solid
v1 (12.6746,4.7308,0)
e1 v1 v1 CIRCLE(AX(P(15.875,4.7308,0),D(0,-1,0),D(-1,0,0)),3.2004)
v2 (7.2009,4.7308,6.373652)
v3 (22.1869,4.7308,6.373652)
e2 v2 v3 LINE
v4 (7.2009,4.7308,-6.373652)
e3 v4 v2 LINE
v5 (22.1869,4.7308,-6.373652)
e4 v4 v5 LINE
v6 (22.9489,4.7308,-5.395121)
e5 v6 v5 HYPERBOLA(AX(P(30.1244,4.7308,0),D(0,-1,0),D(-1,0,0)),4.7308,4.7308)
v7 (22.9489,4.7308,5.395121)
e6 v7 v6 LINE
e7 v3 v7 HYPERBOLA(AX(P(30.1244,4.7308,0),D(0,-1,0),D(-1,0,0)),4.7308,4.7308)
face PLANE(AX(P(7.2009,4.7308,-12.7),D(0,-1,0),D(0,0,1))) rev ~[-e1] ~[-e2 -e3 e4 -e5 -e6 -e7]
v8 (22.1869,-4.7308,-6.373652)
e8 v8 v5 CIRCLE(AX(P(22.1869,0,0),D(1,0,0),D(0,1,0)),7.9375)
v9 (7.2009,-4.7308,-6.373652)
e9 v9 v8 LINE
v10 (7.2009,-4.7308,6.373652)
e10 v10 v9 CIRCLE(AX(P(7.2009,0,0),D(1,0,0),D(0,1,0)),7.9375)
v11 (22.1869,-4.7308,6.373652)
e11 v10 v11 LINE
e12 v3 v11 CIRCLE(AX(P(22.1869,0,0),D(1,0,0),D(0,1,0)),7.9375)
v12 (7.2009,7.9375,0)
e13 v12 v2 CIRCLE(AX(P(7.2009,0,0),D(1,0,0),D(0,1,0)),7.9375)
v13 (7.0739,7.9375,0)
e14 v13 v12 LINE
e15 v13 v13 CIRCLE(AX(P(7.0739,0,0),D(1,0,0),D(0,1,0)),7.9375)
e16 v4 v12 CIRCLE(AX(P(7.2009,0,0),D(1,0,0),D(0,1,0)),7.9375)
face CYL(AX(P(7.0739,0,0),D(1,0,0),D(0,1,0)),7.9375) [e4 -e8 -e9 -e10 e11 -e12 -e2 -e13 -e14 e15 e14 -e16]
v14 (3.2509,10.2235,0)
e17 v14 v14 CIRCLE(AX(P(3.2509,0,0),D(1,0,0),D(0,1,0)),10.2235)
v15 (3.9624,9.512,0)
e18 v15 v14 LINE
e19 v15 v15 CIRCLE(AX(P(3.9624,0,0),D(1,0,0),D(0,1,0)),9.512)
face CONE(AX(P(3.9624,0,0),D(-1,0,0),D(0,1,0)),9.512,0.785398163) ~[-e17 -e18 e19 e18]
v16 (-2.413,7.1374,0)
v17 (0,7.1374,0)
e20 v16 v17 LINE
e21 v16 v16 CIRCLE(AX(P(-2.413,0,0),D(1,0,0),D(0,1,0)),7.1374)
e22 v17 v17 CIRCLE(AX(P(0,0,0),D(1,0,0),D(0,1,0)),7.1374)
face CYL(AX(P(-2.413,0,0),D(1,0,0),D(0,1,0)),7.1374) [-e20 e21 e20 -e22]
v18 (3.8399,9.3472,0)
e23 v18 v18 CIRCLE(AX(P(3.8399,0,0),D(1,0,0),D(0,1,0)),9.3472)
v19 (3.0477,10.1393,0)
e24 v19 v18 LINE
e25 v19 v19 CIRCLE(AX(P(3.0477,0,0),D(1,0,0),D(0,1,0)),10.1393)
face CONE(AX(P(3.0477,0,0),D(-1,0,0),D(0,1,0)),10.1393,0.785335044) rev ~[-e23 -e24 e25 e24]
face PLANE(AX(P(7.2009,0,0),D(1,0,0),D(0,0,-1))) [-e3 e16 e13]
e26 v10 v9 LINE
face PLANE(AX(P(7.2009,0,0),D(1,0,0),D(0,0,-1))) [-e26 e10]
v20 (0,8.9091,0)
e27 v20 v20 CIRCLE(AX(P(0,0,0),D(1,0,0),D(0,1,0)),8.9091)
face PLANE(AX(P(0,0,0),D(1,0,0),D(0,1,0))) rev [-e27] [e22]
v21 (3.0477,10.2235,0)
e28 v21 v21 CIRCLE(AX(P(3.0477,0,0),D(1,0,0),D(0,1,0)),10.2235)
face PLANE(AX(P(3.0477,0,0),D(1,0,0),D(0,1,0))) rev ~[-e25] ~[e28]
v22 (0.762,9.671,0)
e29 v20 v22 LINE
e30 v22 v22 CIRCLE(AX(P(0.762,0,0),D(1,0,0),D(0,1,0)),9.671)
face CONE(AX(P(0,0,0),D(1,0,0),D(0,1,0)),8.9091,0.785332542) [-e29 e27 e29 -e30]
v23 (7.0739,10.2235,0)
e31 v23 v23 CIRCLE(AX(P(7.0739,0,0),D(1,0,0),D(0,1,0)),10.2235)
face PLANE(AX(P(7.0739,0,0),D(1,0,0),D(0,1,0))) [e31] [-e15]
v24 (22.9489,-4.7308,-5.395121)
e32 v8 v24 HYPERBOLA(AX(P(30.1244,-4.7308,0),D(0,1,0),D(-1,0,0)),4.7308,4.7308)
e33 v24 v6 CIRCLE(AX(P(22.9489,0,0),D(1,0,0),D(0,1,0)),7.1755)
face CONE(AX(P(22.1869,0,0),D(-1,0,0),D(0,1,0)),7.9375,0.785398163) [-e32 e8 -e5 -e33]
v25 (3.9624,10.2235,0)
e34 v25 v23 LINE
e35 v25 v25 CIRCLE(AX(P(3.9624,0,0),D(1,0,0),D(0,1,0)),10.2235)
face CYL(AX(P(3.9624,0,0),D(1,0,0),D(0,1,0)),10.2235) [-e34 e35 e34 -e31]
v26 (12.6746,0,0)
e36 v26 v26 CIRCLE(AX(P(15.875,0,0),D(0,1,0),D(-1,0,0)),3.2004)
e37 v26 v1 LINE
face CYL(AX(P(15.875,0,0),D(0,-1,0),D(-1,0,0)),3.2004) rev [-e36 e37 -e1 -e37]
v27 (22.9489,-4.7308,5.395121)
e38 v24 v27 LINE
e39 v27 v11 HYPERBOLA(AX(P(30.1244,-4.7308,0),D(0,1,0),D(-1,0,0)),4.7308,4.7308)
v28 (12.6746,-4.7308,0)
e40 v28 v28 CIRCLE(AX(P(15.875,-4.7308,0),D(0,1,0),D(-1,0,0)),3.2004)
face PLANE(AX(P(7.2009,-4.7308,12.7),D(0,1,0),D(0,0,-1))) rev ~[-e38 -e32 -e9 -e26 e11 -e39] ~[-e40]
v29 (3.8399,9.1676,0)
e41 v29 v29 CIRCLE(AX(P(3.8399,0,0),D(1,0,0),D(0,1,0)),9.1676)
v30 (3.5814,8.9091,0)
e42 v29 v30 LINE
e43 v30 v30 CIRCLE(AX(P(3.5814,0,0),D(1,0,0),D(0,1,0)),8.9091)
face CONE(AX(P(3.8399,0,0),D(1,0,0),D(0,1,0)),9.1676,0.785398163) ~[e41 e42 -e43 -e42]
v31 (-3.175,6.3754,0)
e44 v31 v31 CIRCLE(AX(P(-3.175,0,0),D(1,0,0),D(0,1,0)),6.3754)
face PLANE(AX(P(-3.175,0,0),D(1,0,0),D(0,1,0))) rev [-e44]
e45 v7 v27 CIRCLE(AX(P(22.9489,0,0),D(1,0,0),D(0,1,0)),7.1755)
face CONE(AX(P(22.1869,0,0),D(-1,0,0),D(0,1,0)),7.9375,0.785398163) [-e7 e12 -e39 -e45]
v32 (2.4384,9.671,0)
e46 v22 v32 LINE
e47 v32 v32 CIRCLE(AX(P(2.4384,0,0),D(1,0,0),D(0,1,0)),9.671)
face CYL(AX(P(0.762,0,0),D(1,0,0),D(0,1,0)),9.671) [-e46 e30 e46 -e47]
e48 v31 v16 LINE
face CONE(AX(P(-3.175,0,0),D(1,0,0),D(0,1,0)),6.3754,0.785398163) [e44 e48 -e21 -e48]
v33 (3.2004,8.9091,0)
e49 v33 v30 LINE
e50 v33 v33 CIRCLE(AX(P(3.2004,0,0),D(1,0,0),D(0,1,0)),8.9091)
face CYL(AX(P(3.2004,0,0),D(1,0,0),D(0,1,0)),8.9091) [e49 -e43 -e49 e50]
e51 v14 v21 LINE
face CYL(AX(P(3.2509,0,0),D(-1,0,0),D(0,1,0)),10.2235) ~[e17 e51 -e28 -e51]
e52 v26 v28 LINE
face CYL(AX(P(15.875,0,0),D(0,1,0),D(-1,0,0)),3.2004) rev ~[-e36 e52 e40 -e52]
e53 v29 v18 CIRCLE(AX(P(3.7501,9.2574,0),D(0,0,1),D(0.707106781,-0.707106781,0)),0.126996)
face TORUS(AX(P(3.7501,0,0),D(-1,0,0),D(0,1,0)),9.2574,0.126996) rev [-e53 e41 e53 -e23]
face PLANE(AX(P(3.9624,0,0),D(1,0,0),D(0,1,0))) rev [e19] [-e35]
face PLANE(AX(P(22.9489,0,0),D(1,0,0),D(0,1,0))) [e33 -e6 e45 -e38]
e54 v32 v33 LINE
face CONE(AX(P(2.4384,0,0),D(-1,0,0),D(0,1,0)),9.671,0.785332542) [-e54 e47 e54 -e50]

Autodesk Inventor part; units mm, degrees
sketch "Sketch_1" plane through (0, 0, 0) normal (0, 0, 1) x (1, 0, 0)
  line L0 (7.0739, 0) -> (0, 0)
  line L1 (0, 0) -> (0, 8.9091)
  line L2 (0, 8.9091) -> (0.762, 9.671)
  line L3 (0.762, 9.671) -> (2.4384, 9.671)
  line L4 (2.4384, 9.671) -> (3.2004, 8.9091)
  line L5 (3.2004, 8.9091) -> (3.9624, 8.9091)
  line L6 (3.9624, 8.9091) -> (3.9624, 10.2235)
  line L7 (3.9624, 10.2235) -> (7.0739, 10.2235)
  line L8 (7.0739, 10.2235) -> (7.0739, 0)
  line L9 (7.0739, 0) -> (0, 0)
revolve "Revolution1" add sketch "Sketch_1" angle 360 about axis through (7.0739, 0, 0) along (1, 0, 0)
sketch "Sketch_24" plane through (0, 0, 0) normal (0, 0, 1) x (1, 0, 0)
  line L0 (3.9624, 0) -> (3.2004, 0)
  line L1 (3.0477, 10.2235) -> (3.0477, 10.1393)
  line L2 (3.0477, 10.1393) -> (3.8399, 9.3472)
  arc A0 (3.8399, 9.1676) -> (3.8399, 9.3472) centre (3.7501, 9.2574) ccw
  line L3 (3.8399, 9.1676) -> (3.5814, 8.9091)
  line L4 (3.5814, 8.9091) -> (3.2004, 8.9091)
  line L5 (3.2004, 8.9091) -> (3.2004, 8.655)
  line L6 (3.2004, 8.655) -> (3.9624, 8.655)
  line L7 (3.9624, 8.655) -> (3.9624, 9.512)
  line L8 (3.9624, 9.512) -> (3.2509, 10.2235)
  line L9 (3.2509, 10.2235) -> (3.0477, 10.2235)
revolve "Revolution2" add sketch "Sketch_24" angle 360 about axis through (3.9624, 0, 0) along (1, 0, 0)
sketch "Sketch_26" plane through (0, 0, 0) normal (0, 0, 1) x (1, 0, 0)
  line L0 (0, 0) -> (-3.175, 0)
  line L1 (-3.175, 0) -> (-3.175, 6.3754)
  line L2 (-3.175, 6.3754) -> (-2.413, 7.1374)
  line L3 (-2.413, 7.1374) -> (0, 7.1374)
  line L4 (0, 7.1374) -> (0, 0)
  line L5 (0, 0) -> (-3.175, 0)
revolve "Revolution3" add sketch "Sketch_26" angle 360 about axis through (0, 0, 0) along (1, 0, 0)
sketch "Sketch_27" plane through (0, 0, 0) normal (0, 0, 1) x (1, 0, 0)
  line L0 (22.9489, 0) -> (7.0739, 0)
  line L1 (7.0739, 0) -> (7.0739, 7.9375)
  line L2 (7.0739, 7.9375) -> (22.1869, 7.9375)
  line L3 (22.1869, 7.9375) -> (22.9489, 7.1755)
  line L4 (22.9489, 7.1755) -> (22.9489, 0)
  line L5 (22.9489, 0) -> (7.0739, 0)
revolve "Revolution4" add sketch "Sketch_27" angle 360 about axis through (22.9489, 0, 0) along (1, 0, 0)
sketch "Sketch_28" plane through (7.2009, 0, 0) normal (1, 0, 0) x (0, 0, -1)
  line L0 (-15.875, 15.875) -> (-15.875, -15.875)
  line L1 (-15.875, -15.875) -> (15.875, -15.875)
  line L2 (15.875, -15.875) -> (15.875, 15.875)
  line L3 (15.875, 15.875) -> (-15.875, 15.875)
  line L4 (-12.7, 4.7308) -> (-12.7, -4.7308)
  line L5 (-12.7, -4.7308) -> (12.7, -4.7308)
  line L6 (12.7, -4.7308) -> (12.7, 4.7308)
  line L7 (12.7, 4.7308) -> (-12.7, 4.7308)
extrude "Extrusion1" cut sketch "Sketch_28" along normal blind 15.875
sketch "Sketch_29" plane through (0, 0, 0) normal (0, 1, 0) x (-1, 0, 0)
  circle A0 centre (-15.875, 0) radius 3.2004
extrude "Extrusion2" cut sketch "Sketch_29" along normal mid plane 18.923
ref_plane "1_XY" through (7.0739, 0, 0) normal (1, 0, 0) x (0, 0, -1)
ref_plane "1_YZ" through (7.0739, 0, 0) normal (0, 0, -1) x (0, 1, 0)
ref_plane "1_ZX" through (7.0739, 0, 0) normal (0, 1, 0) x (1, 0, 0)
ref_plane "lovra_XY" through (7.0739, 0, 0) normal (1, 0, 0) x (0, 1, 0)
ref_plane "lovra_YZ" through (7.0739, 0, 0) normal (0, 1, 0) x (0, 0, 1)
ref_plane "lovra_ZX" through (7.0739, 0, 0) normal (0, 0, 1) x (1, 0, 0)
ref_plane "lovra1_XY" through (2.2987, 0, 0) normal (1, 0, 0) x (0, 0, -1)
ref_plane "lovra1_YZ" through (2.2987, 0, 0) normal (0, 0, -1) x (0, 1, 0)
ref_plane "lovra1_ZX" through (2.2987, 0, 0) normal (0, 1, 0) x (1, 0, 0)
ref_plane "lovra2_XY" through (2.2987, 7.874, 0) normal (1, 0, 0) x (0, 0, -1)
ref_plane "lovra2_YZ" through (2.2987, 7.874, 0) normal (0, 0, -1) x (0, 1, 0)
ref_plane "lovra2_ZX" through (2.2987, 7.874, 0) normal (0, 1, 0) x (1, 0, 0)
ref_plane "lovra21_XY" through (0, 0, 5.2705) normal (1, 0, 0) x (0, 0, -1)
ref_plane "lovra21_YZ" through (0, 0, 5.2705) normal (0, 0, -1) x (0, 1, 0)
ref_plane "lovra21_ZX" through (0, 0, 5.2705) normal (0, 1, 0) x (1, 0, 0)
ref_plane "lovra22_XY" through (0, 0, -5.2705) normal (1, 0, 0) x (0, 0, -1)
ref_plane "lovra22_YZ" through (0, 0, -5.2705) normal (0, 0, -1) x (0, 1, 0)
ref_plane "lovra22_ZX" through (0, 0, -5.2705) normal (0, 1, 0) x (1, 0, 0)
ref_plane "lovra3_XY" through (2.2987, -7.874, 0) normal (1, 0, 0) x (0, 0, -1)
ref_plane "lovra3_YZ" through (2.2987, -7.874, 0) normal (0, 0, -1) x (0, 1, 0)
ref_plane "lovra3_ZX" through (2.2987, -7.874, 0) normal (0, 1, 0) x (1, 0, 0)
ref_plane "olen_XY" through (15.875, 0, 0) normal (1, 0, 0) x (0, 0, -1)
ref_plane "olen_YZ" through (15.875, 0, 0) normal (0, 0, -1) x (0, 1, 0)
ref_plane "olen_ZX" through (15.875, 0, 0) normal (0, 1, 0) x (1, 0, 0)
ref_plane "p1_XY" through (22.9489, 0, 4.7308) normal (1, 0, 0) x (0, 0, -1)
ref_plane "p1_YZ" through (22.9489, 0, 4.7308) normal (0, 0, -1) x (0, 1, 0)
ref_plane "p1_ZX" through (22.9489, 0, 4.7308) normal (0, 1, 0) x (1, 0, 0)
ref_plane "p2_XY" through (22.9489, 0, -4.7308) normal (1, 0, 0) x (0, 0, -1)
ref_plane "p2_YZ" through (22.9489, 0, -4.7308) normal (0, 0, -1) x (0, 1, 0)
ref_plane "p2_ZX" through (22.9489, 0, -4.7308) normal (0, 1, 0) x (1, 0, 0)
ref_plane "port2_XY" through (22.9489, 0, 0) normal (1, 0, 0) x (0, 0, -1)
ref_plane "port2_YZ" through (22.9489, 0, 0) normal (0, 0, -1) x (0, 1, 0)
ref_plane "port2_ZX" through (22.9489, 0, 0) normal (0, 1, 0) x (1, 0, 0)
ref_plane "thd1_XY" through (22.9489, 0, 7.9375) normal (1, 0, 0) x (0, 0, -1)
ref_plane "thd1_YZ" through (22.9489, 0, 7.9375) normal (0, 0, -1) x (0, 1, 0)
ref_plane "thd1_ZX" through (22.9489, 0, 7.9375) normal (0, 1, 0) x (1, 0, 0)
ref_plane "thd2_XY" through (22.9489, 0, -7.9375) normal (1, 0, 0) x (0, 0, -1)
ref_plane "thd2_YZ" through (22.9489, 0, -7.9375) normal (0, 0, -1) x (0, 1, 0)
ref_plane "thd2_ZX" through (22.9489, 0, -7.9375) normal (0, 1, 0) x (1, 0, 0)
ref_plane "to_mounting_bracket_XY" through (23.0124, 0, 0) normal (1, 0, 0) x (0, 0, -1)
ref_plane "to_mounting_bracket_YZ" through (23.0124, 0, 0) normal (0, 0, -1) x (0, 1, 0)
ref_plane "to_mounting_bracket_ZX" through (23.0124, 0, 0) normal (0, 1, 0) x (1, 0, 0)
ref_plane "to_nut_XY" through (25.4, 0, 0) normal (1, 0, 0) x (0, 0, -1)
ref_plane "to_nut_YZ" through (25.4, 0, 0) normal (0, 0, -1) x (0, 1, 0)
ref_plane "to_nut_ZX" through (25.4, 0, 0) normal (0, 1, 0) x (1, 0, 0)
ref_plane "to_pin_XY" through (15.875, 0, 0) normal (0, 1, 0) x (1, 0, 0)
ref_plane "to_pin_YZ" through (15.875, 0, 0) normal (1, 0, 0) x (0, 0, -1)
ref_plane "to_pin_ZX" through (15.875, 0, 0) normal (0, 0, -1) x (0, 1, 0)
ref_plane "to_pin_1_XY" through (15.875, 0, 0) normal (0, 0, 1) x (1, 0, 0)
ref_plane "to_pin_1_YZ" through (15.875, 0, 0) normal (1, 0, 0) x (0, 1, 0)
ref_plane "to_pin_1_ZX" through (15.875, 0, 0) normal (0, 1, 0) x (0, 0, 1)
ref_plane "to_pin_r_XY" through (15.875, 0, 0) normal (0, 0, 1) x (1, 0, 0)
ref_plane "to_pin_r_YZ" through (15.875, 0, 0) normal (1, 0, 0) x (0, 1, 0)
ref_plane "to_pin_r_ZX" through (15.875, 0, 0) normal (0, 1, 0) x (0, 0, 1)
ref_plane "to_screw_XY" through (17.4752, -6.0452, -2.032) normal (0, 0, -1) x (1, 0, 0)
ref_plane "to_screw_YZ" through (17.4752, -6.0452, -2.032) normal (1, 0, 0) x (0, -1, 0)
ref_plane "to_screw_ZX" through (17.4752, -6.0452, -2.032) normal (0, -1, 0) x (0, 0, -1)
ref_plane "to_tube_XY" through (3.2004, 0, 0) normal (1, 0, 0) x (0, 0, -1)
ref_plane "to_tube_YZ" through (3.2004, 0, 0) normal (0, 0, -1) x (0, 1, 0)
ref_plane "to_tube_ZX" through (3.2004, 0, 0) normal (0, 1, 0) x (1, 0, 0)
properties part number "04PR0K000_rear_head"
